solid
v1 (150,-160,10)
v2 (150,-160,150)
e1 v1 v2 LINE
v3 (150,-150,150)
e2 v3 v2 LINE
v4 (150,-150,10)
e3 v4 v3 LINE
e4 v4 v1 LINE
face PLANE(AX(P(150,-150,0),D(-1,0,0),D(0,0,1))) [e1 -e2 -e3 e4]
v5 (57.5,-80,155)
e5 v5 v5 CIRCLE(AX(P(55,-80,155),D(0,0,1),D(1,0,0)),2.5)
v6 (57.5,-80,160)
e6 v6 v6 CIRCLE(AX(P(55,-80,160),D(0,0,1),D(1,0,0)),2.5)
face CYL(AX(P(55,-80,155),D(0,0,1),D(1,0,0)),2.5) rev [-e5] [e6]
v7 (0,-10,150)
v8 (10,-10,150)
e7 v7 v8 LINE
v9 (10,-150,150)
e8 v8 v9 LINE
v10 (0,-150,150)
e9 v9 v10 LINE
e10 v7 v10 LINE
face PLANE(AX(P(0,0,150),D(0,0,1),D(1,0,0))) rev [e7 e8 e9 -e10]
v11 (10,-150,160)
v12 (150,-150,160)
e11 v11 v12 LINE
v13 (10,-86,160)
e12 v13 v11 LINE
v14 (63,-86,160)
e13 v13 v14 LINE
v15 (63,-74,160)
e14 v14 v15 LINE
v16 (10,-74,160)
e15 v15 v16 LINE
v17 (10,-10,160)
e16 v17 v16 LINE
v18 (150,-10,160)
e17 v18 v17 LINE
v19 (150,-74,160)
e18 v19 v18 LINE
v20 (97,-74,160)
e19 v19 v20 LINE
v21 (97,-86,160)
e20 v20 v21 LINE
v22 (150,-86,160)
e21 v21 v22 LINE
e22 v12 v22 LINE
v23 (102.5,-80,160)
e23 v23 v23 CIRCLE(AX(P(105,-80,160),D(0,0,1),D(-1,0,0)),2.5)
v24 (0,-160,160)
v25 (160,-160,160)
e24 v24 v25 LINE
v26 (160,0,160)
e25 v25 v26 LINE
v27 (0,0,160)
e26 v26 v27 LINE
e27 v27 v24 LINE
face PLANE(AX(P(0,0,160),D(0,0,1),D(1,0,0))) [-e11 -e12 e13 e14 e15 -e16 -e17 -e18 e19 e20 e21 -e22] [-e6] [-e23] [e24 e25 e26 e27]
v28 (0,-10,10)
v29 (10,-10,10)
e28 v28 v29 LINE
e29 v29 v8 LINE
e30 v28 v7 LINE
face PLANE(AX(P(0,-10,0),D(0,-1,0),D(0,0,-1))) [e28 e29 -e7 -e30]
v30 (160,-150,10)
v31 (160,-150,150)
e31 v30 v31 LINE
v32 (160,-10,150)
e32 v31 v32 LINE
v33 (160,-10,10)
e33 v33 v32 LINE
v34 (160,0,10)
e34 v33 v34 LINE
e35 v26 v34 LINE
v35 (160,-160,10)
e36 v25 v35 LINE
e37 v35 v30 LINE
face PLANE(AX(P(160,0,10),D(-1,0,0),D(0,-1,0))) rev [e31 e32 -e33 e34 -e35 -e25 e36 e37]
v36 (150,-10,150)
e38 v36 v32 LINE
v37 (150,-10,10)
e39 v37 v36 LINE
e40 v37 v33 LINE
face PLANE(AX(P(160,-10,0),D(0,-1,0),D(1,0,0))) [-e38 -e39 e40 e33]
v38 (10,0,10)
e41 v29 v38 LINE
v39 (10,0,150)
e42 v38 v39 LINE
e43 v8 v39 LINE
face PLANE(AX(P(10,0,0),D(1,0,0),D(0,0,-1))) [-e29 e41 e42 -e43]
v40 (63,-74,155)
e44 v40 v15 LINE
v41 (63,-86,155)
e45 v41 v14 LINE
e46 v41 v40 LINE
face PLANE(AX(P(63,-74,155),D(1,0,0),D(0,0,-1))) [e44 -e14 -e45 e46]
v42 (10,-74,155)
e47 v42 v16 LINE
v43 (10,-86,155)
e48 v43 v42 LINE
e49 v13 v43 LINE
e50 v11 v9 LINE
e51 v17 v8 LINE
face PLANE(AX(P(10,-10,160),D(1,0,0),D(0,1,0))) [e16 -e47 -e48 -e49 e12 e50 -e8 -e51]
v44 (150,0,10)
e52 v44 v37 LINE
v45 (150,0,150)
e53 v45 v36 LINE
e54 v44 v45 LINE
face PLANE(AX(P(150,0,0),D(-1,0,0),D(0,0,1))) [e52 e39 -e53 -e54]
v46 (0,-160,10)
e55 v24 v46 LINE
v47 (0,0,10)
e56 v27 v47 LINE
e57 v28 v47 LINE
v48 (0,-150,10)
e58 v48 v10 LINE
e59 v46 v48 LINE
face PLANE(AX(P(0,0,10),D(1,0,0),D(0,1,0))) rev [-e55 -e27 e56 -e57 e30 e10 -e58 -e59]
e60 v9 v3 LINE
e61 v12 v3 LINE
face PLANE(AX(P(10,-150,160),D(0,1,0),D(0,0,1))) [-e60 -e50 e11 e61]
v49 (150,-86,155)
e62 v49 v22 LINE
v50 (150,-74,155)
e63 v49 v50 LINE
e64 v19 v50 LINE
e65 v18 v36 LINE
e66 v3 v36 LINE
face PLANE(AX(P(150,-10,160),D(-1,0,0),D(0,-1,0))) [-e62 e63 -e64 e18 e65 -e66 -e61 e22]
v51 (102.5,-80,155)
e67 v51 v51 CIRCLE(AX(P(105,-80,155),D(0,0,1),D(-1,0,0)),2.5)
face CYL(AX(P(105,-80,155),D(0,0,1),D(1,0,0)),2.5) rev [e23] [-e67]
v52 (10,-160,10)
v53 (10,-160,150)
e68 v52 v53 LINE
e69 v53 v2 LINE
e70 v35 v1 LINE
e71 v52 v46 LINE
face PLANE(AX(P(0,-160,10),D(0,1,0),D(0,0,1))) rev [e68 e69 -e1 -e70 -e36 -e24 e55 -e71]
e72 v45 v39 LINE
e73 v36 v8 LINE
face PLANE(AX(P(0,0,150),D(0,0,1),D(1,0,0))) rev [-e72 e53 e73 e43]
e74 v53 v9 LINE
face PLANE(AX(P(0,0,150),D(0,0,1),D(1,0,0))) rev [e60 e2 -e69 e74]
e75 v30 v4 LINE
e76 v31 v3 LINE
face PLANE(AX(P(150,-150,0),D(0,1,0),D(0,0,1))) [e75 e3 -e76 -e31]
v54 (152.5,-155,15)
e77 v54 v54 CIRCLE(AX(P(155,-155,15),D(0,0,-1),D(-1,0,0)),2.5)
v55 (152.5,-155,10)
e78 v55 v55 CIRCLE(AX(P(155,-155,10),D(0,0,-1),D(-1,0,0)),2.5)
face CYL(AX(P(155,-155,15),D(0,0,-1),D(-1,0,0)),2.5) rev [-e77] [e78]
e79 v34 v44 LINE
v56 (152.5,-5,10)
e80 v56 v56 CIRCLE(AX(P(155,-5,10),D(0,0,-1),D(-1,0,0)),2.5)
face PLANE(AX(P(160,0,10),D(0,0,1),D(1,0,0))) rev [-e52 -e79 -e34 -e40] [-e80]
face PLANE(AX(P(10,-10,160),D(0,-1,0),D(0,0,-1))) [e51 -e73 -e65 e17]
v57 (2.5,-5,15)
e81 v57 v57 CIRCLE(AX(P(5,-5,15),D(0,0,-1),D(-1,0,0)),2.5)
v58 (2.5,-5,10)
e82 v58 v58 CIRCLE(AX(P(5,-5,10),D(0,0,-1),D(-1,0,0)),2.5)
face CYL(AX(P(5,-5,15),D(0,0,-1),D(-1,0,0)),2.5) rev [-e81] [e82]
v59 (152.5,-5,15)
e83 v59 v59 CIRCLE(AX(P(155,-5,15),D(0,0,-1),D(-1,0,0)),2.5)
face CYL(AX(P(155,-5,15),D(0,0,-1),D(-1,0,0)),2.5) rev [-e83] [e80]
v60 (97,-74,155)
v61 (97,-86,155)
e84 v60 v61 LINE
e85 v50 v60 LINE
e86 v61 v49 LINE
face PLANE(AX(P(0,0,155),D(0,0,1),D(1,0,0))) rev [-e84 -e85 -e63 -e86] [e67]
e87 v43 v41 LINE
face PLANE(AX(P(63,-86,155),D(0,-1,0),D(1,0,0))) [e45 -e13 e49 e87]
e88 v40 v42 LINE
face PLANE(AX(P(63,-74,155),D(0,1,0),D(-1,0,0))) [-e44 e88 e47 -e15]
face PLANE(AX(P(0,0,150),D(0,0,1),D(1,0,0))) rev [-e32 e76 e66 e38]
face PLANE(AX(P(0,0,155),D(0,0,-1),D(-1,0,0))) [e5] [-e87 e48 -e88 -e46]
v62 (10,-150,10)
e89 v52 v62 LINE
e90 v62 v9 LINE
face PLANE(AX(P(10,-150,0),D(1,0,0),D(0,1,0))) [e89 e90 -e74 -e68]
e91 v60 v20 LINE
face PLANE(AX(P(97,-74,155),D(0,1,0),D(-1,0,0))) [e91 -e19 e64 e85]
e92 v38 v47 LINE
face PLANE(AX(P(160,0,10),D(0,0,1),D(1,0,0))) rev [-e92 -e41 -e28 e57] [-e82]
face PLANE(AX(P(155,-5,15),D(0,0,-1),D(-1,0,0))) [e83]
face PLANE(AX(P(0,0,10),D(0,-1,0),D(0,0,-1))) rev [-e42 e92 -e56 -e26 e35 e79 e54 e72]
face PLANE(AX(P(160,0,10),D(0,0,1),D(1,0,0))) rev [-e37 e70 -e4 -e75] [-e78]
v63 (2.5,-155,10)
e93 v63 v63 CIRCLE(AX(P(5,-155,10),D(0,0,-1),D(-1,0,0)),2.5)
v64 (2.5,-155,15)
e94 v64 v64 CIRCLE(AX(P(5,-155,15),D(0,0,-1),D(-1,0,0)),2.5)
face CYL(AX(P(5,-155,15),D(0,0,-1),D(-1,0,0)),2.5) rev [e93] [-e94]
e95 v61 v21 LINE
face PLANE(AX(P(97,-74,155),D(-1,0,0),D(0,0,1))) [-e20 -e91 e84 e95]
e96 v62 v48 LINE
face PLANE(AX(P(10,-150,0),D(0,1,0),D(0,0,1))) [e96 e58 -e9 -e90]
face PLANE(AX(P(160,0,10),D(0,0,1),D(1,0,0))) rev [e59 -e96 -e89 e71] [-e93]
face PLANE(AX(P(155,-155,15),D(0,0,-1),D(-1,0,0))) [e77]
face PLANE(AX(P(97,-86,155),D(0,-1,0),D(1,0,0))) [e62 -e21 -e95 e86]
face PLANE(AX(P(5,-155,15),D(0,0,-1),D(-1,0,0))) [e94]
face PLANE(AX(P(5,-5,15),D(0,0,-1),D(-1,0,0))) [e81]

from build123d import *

# Parameters (mm, degrees)
CROQUIS2_W                   = 160
CROQUIS2_H                   = 160
CROQUIS2_W_2                 = 140
CROQUIS2_H_2                 = 140
SALIENTE_EXTRUIR1_DEPTH      = 10
CROQUIS3_W                   = 152
CROQUIS3_H                   = 152
CROQUIS3_W_2                 = 148
CROQUIS3_H_2                 = 148
CORTAR_EXTRUIR1_DEPTH        = 3.5
SALIENTE_EXTRUIR2_DEPTH      = 140
SALIENTE_EXTRUIR2_DEPTH_BACK = 10
CROQUIS4_W                   = 10
CROQUIS4_H                   = 10
CROQUIS7_W                   = 160
CROQUIS7_H                   = 160
CROQUIS7_W_2                 = 140
CROQUIS7_H_2                 = 140
SALIENTE_EXTRUIR3_DEPTH      = 10
CROQUIS8_W                   = 63
CROQUIS8_H                   = 12
CROQUIS8_R                   = 2.5
SALIENTE_EXTRUIR4_DEPTH      = 5
CROQUIS9_W                   = 10
CROQUIS9_H                   = 160
CORTAR_EXTRUIR2_DEPTH        = 278.128129211
CROQUIS10_R                  = 2.5
CORTAR_EXTRUIR3_DEPTH        = 5


with BuildPart() as part:
    # Croquis2 → Saliente-Extruir1 (new body)
    with BuildSketch(Plane.XY):
        with Locations((80, -80)):
            Rectangle(CROQUIS2_W, CROQUIS2_H)
        with Locations((80, -80)):
            Rectangle(CROQUIS2_W_2, CROQUIS2_H_2, mode=Mode.SUBTRACT)
    extrude(amount=SALIENTE_EXTRUIR1_DEPTH)

    # Croquis3 → Cortar-Extruir1 (cut)
    with BuildSketch(Plane.XY.offset(10)):
        with Locations((80, -80)):
            Rectangle(CROQUIS3_W, CROQUIS3_H)
        with Locations((80, -80)):
            Rectangle(CROQUIS3_W_2, CROQUIS3_H_2, mode=Mode.SUBTRACT)
    extrude(amount=-CORTAR_EXTRUIR1_DEPTH, mode=Mode.SUBTRACT)

    # Croquis4 → Saliente-Extruir2 (add, two sides: drawn at the far end of the back side and taken through both)
    with BuildSketch(Plane.XY.offset(10).offset(-SALIENTE_EXTRUIR2_DEPTH_BACK)):
        with Locations((5, -5)):
            Rectangle(CROQUIS4_W, CROQUIS4_H)
        with Locations((155, -5)):
            Rectangle(CROQUIS4_W, CROQUIS4_H)
        with Locations((155, -155)):
            Rectangle(CROQUIS4_W, CROQUIS4_H)
        with Locations((5, -155)):
            Rectangle(CROQUIS4_W, CROQUIS4_H)
    extrude(amount=SALIENTE_EXTRUIR2_DEPTH + SALIENTE_EXTRUIR2_DEPTH_BACK)

    # Croquis7 → Saliente-Extruir3 (add)
    with BuildSketch(Plane.XY.offset(150)):
        with Locations((80, -80)):
            Rectangle(CROQUIS7_W, CROQUIS7_H)
        with Locations((80, -80)):
            Rectangle(CROQUIS7_W_2, CROQUIS7_H_2, mode=Mode.SUBTRACT)
    extrude(amount=SALIENTE_EXTRUIR3_DEPTH)

    # Croquis8 → Saliente-Extruir4 (add)
    # profile 1 of 2: a face of its own
    with BuildSketch(Plane.XY.offset(160)):
        with Locations((31.5, -80)):
            Rectangle(CROQUIS8_W, CROQUIS8_H)
        with Locations((55, -80)):
            Circle(CROQUIS8_R, mode=Mode.SUBTRACT)
    # profile 2 of 2: a face of its own
    with BuildSketch(Plane.XY.offset(160)):
        with Locations((128.5, -80)):
            Rectangle(CROQUIS8_W, CROQUIS8_H)
        with Locations((105, -80)):
            Circle(CROQUIS8_R, mode=Mode.SUBTRACT)
    extrude(amount=-SALIENTE_EXTRUIR4_DEPTH)

    # Croquis9 → Cortar-Extruir2 (cut, through all)
    with BuildSketch(Plane.ZY):
        with Locations((5, -80)):
            Rectangle(CROQUIS9_W, CROQUIS9_H)
    extrude(amount=-CORTAR_EXTRUIR2_DEPTH, mode=Mode.SUBTRACT)

    # Croquis10 → Cortar-Extruir3 (cut)
    with BuildSketch(Plane(origin=(0, 0, 10), x_dir=(-1, 0, 0), z_dir=(0, 0, -1))):
        with Locations((-155, -155)):
            Circle(CROQUIS10_R)
        with Locations((-5, -5)):
            Circle(CROQUIS10_R)
        with Locations((-155, -5)):
            Circle(CROQUIS10_R)
        with Locations((-5, -155)):
            Circle(CROQUIS10_R)
    extrude(amount=-CORTAR_EXTRUIR3_DEPTH, mode=Mode.SUBTRACT)


solid = part.part
